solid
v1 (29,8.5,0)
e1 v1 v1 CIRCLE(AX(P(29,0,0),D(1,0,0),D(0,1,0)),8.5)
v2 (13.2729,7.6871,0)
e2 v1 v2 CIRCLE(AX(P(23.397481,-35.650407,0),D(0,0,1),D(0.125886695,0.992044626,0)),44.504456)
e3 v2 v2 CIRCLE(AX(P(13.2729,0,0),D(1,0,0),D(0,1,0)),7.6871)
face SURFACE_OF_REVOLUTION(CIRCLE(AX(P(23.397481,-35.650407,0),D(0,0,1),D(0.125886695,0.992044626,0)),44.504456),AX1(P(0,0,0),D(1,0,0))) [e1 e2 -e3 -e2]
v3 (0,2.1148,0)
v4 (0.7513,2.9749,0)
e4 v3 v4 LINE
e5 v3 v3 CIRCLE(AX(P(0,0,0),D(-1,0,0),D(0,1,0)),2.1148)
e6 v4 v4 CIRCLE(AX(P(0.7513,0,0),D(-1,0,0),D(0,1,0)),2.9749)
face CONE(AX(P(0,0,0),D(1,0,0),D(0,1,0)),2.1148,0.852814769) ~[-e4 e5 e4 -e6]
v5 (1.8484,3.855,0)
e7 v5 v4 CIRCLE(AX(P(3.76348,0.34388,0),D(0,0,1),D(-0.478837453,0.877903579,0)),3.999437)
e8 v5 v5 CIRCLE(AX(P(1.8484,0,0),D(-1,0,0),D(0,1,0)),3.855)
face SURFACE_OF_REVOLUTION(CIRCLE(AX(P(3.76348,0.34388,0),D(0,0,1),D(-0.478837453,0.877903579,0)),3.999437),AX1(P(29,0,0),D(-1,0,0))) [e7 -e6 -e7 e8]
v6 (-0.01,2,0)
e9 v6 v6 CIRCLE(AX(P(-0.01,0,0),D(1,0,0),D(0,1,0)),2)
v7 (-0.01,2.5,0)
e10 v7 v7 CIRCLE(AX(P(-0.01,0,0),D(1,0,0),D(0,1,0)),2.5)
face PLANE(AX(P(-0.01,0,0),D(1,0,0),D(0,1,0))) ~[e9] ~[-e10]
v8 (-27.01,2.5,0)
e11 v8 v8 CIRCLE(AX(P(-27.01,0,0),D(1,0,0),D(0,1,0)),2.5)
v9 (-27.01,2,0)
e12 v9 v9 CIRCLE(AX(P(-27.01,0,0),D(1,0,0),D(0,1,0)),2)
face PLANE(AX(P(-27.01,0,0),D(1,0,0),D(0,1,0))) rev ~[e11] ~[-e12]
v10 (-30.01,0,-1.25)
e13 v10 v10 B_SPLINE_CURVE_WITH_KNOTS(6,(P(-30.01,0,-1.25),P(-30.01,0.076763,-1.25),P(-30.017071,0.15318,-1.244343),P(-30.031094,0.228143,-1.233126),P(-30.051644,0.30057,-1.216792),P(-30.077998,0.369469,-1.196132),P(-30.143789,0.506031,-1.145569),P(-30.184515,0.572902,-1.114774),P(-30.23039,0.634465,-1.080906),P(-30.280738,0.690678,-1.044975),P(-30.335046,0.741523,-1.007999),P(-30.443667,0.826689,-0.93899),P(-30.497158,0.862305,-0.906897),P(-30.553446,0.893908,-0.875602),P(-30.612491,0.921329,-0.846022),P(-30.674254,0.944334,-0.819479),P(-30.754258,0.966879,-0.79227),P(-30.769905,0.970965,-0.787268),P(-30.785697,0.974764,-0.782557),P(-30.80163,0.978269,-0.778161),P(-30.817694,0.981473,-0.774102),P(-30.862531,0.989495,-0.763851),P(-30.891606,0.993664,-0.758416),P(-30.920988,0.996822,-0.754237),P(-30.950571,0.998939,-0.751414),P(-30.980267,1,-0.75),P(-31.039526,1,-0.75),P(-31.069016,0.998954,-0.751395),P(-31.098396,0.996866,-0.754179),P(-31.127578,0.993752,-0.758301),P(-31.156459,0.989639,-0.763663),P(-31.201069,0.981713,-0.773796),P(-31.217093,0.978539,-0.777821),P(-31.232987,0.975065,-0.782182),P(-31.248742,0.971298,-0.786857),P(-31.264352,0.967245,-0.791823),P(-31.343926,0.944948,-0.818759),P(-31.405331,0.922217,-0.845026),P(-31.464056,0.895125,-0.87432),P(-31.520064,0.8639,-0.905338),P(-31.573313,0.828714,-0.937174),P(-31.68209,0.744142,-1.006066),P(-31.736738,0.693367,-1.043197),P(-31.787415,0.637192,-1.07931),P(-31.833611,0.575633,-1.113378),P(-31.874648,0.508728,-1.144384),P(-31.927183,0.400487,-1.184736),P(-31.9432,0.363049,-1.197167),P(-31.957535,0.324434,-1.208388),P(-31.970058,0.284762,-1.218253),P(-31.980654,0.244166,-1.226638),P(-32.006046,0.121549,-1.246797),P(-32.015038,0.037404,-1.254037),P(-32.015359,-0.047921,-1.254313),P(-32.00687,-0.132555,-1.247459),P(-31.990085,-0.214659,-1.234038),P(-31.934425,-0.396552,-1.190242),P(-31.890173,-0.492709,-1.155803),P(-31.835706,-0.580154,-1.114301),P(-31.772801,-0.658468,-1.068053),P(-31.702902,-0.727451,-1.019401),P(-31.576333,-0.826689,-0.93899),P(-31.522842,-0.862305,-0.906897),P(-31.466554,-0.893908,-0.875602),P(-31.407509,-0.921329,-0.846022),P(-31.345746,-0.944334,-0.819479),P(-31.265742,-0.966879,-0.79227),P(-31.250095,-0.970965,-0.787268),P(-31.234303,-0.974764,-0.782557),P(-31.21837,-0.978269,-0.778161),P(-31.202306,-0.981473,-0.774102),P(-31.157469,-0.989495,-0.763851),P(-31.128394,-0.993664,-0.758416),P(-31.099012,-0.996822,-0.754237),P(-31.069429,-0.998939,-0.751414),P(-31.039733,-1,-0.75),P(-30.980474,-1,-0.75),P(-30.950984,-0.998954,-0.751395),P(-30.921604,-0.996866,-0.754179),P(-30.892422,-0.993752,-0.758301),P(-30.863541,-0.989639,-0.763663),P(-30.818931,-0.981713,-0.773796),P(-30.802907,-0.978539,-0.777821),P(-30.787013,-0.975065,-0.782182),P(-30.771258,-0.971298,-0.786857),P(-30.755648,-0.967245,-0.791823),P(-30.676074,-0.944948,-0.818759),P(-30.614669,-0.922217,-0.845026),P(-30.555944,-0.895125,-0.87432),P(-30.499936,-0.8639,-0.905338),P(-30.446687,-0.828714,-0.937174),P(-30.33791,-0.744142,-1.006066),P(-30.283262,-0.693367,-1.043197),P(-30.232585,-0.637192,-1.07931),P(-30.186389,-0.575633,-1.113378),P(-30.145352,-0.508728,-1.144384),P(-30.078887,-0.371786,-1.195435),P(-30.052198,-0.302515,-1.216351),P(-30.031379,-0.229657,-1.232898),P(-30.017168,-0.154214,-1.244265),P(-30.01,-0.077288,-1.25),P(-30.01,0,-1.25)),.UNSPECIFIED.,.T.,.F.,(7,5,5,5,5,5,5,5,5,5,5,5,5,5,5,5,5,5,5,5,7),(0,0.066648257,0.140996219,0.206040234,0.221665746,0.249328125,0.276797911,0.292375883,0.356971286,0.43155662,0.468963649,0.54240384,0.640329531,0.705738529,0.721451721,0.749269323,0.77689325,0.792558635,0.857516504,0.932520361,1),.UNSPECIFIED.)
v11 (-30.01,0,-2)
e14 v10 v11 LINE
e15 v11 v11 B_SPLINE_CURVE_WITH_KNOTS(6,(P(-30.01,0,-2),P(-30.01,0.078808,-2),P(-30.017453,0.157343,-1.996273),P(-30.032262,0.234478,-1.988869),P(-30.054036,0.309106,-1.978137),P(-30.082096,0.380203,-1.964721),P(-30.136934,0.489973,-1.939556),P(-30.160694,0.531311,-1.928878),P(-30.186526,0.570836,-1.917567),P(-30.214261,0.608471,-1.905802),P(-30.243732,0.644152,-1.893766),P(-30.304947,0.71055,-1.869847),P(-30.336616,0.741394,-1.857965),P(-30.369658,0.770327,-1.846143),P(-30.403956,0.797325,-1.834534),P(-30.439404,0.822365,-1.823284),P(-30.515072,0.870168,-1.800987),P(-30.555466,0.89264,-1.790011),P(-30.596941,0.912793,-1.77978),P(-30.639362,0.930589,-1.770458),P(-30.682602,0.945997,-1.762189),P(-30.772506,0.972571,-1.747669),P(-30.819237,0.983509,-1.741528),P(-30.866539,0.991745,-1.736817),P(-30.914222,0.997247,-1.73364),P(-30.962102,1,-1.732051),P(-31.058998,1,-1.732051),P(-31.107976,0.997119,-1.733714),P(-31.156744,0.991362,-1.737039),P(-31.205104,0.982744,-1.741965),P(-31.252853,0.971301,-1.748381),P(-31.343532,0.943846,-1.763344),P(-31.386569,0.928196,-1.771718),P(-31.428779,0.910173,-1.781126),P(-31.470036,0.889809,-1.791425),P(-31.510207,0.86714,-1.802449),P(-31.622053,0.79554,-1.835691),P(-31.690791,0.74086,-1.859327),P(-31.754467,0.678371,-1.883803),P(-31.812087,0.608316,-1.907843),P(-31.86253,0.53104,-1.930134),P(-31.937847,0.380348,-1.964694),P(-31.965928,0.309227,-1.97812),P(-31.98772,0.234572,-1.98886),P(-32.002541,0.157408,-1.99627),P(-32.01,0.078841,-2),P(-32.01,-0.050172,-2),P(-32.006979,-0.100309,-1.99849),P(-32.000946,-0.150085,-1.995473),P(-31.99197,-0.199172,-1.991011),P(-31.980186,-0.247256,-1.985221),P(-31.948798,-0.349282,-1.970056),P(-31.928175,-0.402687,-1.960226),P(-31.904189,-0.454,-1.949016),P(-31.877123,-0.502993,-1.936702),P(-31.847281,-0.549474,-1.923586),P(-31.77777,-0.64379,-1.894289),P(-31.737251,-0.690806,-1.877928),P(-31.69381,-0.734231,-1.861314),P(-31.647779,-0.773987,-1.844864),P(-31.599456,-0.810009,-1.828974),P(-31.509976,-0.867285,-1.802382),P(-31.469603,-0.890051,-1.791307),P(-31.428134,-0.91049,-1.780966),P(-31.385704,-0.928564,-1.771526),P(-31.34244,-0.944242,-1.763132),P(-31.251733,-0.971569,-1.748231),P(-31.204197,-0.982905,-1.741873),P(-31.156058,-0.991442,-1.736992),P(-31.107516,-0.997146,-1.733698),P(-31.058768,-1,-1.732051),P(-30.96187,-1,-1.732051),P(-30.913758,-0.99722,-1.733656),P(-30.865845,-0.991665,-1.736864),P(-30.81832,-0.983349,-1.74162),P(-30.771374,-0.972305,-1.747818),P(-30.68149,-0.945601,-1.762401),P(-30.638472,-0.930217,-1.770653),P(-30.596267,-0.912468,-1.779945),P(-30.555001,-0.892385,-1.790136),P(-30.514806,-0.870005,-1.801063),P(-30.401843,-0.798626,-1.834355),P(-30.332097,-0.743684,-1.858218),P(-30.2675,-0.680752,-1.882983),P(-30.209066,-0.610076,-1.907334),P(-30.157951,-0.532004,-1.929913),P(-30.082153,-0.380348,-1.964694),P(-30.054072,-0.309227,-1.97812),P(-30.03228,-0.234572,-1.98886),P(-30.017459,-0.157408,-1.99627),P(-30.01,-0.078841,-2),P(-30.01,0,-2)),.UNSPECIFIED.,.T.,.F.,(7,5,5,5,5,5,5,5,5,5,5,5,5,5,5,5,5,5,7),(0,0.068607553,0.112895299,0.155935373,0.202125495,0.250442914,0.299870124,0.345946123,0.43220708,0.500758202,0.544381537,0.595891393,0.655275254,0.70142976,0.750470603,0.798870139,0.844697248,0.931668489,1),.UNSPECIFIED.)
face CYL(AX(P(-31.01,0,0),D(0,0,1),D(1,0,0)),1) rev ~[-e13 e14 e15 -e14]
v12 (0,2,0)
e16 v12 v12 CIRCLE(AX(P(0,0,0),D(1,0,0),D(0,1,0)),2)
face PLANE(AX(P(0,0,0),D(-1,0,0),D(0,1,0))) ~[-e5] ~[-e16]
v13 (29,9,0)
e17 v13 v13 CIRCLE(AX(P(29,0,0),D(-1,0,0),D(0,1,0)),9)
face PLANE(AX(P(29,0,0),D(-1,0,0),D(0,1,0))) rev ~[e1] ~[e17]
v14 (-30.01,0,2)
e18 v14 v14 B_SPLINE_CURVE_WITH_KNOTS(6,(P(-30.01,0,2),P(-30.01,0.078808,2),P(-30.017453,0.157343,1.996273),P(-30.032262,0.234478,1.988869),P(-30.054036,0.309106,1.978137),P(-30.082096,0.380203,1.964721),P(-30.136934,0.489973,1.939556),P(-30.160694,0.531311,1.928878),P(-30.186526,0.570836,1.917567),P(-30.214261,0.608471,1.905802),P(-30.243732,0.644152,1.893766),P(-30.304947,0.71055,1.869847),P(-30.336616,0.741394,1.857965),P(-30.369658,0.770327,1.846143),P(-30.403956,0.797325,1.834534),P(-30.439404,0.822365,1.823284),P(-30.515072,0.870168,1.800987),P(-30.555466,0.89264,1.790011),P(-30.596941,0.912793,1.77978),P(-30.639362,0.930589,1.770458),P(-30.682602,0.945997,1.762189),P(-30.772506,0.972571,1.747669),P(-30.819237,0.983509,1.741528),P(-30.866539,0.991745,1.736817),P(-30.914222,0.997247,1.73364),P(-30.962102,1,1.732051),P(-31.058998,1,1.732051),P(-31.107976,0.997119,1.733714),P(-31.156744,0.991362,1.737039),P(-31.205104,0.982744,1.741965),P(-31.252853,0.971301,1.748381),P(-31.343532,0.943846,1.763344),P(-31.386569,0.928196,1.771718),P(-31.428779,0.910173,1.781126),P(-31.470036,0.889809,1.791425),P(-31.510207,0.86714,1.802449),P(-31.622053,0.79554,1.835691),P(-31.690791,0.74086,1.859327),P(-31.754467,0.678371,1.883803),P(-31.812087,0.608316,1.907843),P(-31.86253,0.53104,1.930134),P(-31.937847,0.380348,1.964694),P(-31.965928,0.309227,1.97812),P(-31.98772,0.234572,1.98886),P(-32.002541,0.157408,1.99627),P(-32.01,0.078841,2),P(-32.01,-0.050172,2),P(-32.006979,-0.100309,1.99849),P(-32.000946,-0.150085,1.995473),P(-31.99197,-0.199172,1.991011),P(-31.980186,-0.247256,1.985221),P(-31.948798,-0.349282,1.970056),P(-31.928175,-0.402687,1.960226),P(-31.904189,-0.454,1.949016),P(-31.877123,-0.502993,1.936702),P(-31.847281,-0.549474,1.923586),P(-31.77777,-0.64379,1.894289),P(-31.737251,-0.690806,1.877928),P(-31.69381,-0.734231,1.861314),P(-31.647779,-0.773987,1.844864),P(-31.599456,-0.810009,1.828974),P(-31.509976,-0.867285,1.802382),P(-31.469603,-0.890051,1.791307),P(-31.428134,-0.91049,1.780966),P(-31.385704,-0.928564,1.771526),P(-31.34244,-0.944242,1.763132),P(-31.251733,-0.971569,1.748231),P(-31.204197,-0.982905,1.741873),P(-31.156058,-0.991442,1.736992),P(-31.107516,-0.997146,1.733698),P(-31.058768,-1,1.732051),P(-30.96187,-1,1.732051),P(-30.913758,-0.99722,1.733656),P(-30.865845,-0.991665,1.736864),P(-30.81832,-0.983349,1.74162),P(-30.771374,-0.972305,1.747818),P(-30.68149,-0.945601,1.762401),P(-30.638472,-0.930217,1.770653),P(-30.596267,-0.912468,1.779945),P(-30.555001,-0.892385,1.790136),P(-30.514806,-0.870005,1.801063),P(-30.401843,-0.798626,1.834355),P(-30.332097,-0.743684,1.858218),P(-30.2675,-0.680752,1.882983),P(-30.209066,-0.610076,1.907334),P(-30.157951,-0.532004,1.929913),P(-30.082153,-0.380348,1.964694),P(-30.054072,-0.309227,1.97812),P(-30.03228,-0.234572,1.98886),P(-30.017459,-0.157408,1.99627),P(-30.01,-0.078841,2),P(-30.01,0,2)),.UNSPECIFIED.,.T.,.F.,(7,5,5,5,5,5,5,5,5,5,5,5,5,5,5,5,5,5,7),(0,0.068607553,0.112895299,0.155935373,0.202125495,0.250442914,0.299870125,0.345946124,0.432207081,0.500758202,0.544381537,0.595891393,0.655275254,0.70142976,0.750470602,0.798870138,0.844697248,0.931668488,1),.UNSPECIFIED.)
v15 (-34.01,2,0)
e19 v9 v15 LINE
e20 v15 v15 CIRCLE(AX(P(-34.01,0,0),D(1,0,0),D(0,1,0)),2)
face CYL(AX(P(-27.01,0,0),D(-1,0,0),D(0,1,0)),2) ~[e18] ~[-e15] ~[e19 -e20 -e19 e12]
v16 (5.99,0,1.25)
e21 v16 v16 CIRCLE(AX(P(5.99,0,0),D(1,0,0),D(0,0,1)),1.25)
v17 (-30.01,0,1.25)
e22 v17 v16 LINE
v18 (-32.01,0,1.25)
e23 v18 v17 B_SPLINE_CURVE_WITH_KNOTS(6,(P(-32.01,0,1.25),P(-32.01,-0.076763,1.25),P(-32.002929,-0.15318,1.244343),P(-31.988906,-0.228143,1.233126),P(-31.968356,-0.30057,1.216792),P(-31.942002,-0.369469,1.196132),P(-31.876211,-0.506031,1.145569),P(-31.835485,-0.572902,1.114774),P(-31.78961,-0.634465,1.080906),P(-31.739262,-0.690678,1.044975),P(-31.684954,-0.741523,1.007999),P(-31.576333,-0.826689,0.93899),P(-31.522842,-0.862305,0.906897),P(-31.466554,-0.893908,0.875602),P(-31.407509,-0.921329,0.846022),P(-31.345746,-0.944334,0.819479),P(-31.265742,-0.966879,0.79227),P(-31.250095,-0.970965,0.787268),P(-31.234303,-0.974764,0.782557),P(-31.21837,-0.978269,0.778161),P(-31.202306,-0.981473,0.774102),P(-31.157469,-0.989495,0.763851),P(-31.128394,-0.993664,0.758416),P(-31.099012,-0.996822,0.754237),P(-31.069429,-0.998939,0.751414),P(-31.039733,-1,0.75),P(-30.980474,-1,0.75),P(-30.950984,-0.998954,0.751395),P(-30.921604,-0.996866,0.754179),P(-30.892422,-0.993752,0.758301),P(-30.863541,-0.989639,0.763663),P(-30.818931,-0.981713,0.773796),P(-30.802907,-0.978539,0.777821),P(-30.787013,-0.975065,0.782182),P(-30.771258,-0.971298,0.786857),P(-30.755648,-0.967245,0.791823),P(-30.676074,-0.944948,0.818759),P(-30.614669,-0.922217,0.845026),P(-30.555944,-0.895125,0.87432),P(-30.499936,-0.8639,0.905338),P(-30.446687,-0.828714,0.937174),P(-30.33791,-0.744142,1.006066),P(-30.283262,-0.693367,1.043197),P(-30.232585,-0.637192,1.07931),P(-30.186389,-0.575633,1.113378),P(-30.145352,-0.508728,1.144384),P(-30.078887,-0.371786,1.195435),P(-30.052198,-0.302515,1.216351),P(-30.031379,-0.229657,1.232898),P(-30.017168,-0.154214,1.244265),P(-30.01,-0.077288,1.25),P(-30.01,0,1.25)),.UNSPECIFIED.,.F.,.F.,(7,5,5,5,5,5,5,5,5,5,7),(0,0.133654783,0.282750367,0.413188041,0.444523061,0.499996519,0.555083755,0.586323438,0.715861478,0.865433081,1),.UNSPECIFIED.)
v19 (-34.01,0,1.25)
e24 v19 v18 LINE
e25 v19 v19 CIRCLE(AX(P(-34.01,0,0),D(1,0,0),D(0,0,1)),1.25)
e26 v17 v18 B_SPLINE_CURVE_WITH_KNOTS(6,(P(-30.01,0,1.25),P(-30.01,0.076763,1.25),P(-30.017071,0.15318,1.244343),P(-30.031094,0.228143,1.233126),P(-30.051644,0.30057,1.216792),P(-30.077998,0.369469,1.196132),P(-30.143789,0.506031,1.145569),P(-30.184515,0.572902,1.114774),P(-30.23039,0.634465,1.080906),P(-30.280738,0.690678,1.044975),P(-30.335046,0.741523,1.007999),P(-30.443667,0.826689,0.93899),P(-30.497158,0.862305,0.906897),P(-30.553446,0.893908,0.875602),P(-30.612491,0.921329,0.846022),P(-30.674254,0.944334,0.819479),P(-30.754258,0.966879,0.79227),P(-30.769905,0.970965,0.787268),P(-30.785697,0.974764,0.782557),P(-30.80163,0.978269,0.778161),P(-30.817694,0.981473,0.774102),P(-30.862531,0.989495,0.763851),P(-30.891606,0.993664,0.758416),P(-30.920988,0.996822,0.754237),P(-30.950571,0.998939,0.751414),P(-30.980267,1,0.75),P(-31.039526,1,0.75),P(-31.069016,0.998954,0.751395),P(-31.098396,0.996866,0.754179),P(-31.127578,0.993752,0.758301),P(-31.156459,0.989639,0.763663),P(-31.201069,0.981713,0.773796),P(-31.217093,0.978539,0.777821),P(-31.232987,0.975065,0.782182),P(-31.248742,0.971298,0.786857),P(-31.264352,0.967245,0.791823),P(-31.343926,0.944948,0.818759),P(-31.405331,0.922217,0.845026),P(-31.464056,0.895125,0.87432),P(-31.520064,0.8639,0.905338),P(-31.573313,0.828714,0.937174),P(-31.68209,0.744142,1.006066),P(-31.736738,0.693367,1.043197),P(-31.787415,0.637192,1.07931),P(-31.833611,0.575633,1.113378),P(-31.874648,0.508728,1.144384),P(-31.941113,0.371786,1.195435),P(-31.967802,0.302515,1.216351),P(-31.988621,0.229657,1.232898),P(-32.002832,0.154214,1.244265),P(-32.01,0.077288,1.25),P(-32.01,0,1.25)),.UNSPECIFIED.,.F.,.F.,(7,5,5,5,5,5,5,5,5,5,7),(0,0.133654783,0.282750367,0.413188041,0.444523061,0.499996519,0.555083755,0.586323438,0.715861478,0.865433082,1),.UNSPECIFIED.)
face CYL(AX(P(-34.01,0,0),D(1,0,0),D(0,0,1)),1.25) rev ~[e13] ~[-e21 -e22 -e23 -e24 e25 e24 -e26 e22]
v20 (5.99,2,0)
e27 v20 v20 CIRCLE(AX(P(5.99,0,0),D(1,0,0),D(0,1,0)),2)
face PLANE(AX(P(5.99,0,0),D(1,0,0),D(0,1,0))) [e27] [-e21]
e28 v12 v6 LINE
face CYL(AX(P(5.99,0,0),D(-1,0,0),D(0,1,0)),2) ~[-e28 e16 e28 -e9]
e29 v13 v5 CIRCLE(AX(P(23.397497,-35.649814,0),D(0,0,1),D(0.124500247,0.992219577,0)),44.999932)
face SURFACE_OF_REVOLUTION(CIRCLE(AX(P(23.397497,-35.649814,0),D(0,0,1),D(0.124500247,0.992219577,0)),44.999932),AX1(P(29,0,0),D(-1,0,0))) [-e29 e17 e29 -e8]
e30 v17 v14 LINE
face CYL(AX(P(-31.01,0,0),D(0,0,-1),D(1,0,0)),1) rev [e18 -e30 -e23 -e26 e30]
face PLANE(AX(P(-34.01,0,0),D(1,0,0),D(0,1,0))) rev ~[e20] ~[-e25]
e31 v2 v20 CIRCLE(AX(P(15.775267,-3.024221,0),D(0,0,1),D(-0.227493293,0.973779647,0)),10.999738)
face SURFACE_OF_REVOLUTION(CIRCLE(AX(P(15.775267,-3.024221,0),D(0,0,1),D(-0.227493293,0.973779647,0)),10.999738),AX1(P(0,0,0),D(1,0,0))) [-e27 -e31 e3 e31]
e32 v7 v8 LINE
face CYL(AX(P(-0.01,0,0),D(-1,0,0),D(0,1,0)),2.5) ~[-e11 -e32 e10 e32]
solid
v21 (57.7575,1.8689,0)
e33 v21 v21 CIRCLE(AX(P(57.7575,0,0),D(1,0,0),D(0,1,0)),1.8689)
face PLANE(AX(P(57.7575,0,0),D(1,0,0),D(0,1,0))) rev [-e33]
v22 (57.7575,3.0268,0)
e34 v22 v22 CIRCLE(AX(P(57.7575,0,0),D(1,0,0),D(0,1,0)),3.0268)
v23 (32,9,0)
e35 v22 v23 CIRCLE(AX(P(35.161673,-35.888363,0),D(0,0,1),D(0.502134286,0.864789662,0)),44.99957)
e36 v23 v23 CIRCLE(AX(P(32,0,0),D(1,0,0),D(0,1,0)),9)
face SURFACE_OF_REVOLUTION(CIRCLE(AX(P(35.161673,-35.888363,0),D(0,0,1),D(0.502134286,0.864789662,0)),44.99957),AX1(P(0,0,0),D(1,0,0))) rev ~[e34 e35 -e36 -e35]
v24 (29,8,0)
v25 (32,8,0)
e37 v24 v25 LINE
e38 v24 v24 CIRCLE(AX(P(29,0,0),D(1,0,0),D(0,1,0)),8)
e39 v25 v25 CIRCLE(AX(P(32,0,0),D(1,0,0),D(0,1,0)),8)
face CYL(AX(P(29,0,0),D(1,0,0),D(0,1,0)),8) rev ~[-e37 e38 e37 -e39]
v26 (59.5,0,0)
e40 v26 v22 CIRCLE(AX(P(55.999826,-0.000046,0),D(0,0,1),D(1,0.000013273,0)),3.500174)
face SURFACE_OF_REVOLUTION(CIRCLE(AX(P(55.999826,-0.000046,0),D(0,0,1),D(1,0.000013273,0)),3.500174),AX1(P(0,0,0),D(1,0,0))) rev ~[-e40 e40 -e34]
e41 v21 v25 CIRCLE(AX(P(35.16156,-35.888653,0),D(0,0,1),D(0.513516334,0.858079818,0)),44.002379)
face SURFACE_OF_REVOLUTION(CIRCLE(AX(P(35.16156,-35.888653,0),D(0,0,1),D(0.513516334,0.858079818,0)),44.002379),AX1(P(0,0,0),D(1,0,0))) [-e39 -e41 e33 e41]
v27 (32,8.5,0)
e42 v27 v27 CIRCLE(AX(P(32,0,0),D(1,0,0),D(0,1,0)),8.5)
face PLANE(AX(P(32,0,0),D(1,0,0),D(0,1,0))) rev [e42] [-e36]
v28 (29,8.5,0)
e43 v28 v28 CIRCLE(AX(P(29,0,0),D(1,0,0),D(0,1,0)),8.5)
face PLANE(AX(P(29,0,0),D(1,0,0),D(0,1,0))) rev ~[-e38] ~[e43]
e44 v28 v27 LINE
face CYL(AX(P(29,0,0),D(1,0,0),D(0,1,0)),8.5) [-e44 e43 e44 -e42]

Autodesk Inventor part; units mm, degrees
ref_plane "YZ Plane" through (0, 0, 0) normal (1, 0, 0) x (0, 1, 0)
sketch "Skizze1" plane through (0, 0, 0) normal (0, 0, 1) x (1, 0, 0)
  line L0 (0, 0) -> (0, 2.1148)
  line L1 (0, 2.1148) -> (0.7513, 2.9749)
  arc A0 (29, 9) -> (1.8484, 3.855) centre (23.3975, -35.6499) ccw
  line L2 (29, 9) -> (29, 0)
  line L3 (29, 0) -> (0, 0)
  arc A1 (1.8484, 3.855) -> (0.7513, 2.9749) centre (3.7638, 0.3434) ccw
  point P0 (1.21, 3.5)
  dimension "d0" = 29
  dimension "d1" = 1.21
  dimension "d2" = 7
  dimension "d3" = 4
  dimension "d4" = 45
  dimension "d5" = 18
  dimension "d6" = 0.6868
revolve "Umdrehung1" add sketch "Skizze1" angle 360 about axis through (29, 0, 0) along (-1, 0, 0)
ref_plane "Arbeitsebene1" through (0, 0, 0) normal (0, 0, 1) x (1, 0, 0)
sketch "Skizze8" plane through (0, 0, 0) normal (0, 0, 1) x (1, 0, 0)
  line L0 (0.7513, 2.9749) -> (0, 2.1148) projected
  arc A0 (29, 9) -> (1.8484, 3.855) centre (23.3975, -35.6499) ccw projected
  arc A1 (1.8484, 3.855) -> (0.7513, 2.9749) centre (3.7638, 0.3434) ccw projected
  line L1 (0, 0) -> (39.6054, 0)
  line L2 (0, 2) -> (5.99, 2)
  line L3 (0, 2.1148) -> (0, -2.1148) projected
  line L4 (29, 9) -> (29, -9) projected
  arc A2 (29, 8.5) -> (13.2729, 7.6871) centre (23.3975, -35.6499) ccw
  arc A3 (13.2729, 7.6871) -> (5.99, 2) centre (15.7754, -3.0245) ccw
  point P0 (29, 0)
  dimension "d56" = 5.99
  dimension "d57" = 4
  dimension "d60" = 17
  dimension "d61" = 11
revolve "Umdrehung7" cut sketch "Skizze8" angle 360 about axis through (0, 0, 0) along (1, 0, 0) contours L2 A3 A2 L4 L1 L3
sketch "Skizze9" plane through (0, 0, 0) normal (0, 0, 1) x (1, 0, 0)
  line L0 (5.99, 2) -> (0, 2) projected
  line L1 (5.99, -2) -> (0, -2) projected
  line L2 (5.99, 2) -> (5.99, -2) projected
  line L3 (5.99, 2) -> (-0.01, 2)
  line L4 (-0.01, 2) -> (-0.01, 2.5)
  line L5 (-0.01, 2.5) -> (-27.01, 2.5)
  line L6 (-27.01, 2.5) -> (-27.01, 2)
  line L7 (-27.01, 2) -> (-34.01, 2)
  line L8 (-34.01, 2) -> (-34.01, 0)
  line L9 (-34.01, 0) -> (5.99, 0)
  line L10 (5.99, 2) -> (5.99, 0)
  point P0 (0, 0)
  dimension "d63" = 6
  dimension "d64" = 40
  dimension "d65" = 5
  dimension "d66" = 7
revolve "Umdrehung8" add sketch "Skizze9" angle 360 about axis through (-34.01, 0, 0) along (1, 0, 0)
sketch "Skizze10" plane through (-34.01, 0, 0) normal (-1, 0, 0) x (0, 0, 1)
  circle A0 centre (0, 0) radius 2 projected
  point P0 (0, 0)
hole "Bohrung1" at (-34.01, 0, 0) direction (1, 0, 0) diameter 2.5 depth 50
sketch "Skizze13" plane through (0, 0, 0) normal (0, 0, 1) x (1, 0, 0)
  arc A0 (29, 8.5) -> (13.2729, 7.6871) centre (23.3975, -35.6499) ccw projected
  arc A1 (29, 9) -> (1.8484, 3.855) centre (23.3975, -35.6499) ccw projected
  arc A2 (1.8484, -3.855) -> (29, -9) centre (23.3975, 35.6499) ccw projected
  arc A3 (13.2729, -7.6871) -> (29, -8.5) centre (23.3975, 35.6499) ccw projected
  line L0 (29, 8.5) -> (29, -8.5) projected
  line L1 (29, 8.5) -> (32, 8.5)
  line L2 (32, 8.5) -> (32, 9)
  arc A4 (57.7575, 3.0268) -> (32, 9) centre (35.1615, -35.8888) ccw
  arc A5 (59.5, 0) -> (57.7575, 3.0268) centre (56, 0) ccw
  line L3 (0, 0) -> (68.2278, 0)
  line L4 (29, 8.5) -> (29, 0)
  dimension "d92" = 3.5
  dimension "d93" = 18
  dimension "d94" = 17
  dimension "d95" = 30.5
  dimension "d96" = 45
  dimension "d97" = 3
revolve "Umdrehung10" add sketch "Skizze13" angle 360 about axis through (0, 0, 0) along (1, 0, 0)
sketch "Skizze15" plane through (0, 0, 0) normal (0, 0, 1) x (1, 0, 0)
  arc A0 (57.7575, 3.0268) -> (32, 9) centre (35.1615, -35.8888) ccw projected
  line L0 (29, 8.5) -> (32, 8.5) projected
  arc A1 (32, -9) -> (57.7575, -3.0268) centre (35.1615, 35.8888) ccw projected
  line L1 (29, -8.5) -> (32, -8.5) projected
  line L2 (13.2729, 7.6871) -> (13.2729, -7.6871) projected
  line L3 (29, 8.5) -> (29, -8.5) projected
  arc A2 (57.7575, -3.0268) -> (57.7575, 3.0268) centre (56, 0) ccw projected
  line L4 (29, 9) -> (29, -9) projected
  line L5 (29, 8) -> (32, 8)
  line L6 (0, 0) -> (69.0547, 0)
  line L7 (57.7575, -3.0268) -> (57.7575, 3.0268) projected
  arc A3 (57.7575, 1.8689) -> (32, 8) centre (35.1615, -35.8888) ccw
  arc A4 (58.5654, 0) -> (57.7575, 1.8689) centre (56, 0) ccw
  line L8 (29, 8) -> (29, 0)
  line L9 (29, 0) -> (58.5654, 0)
  point P0 (29, 0)
  point P1 (57.7575, 0)
  dimension "d99" = 16
revolve "Umdrehung11" cut sketch "Skizze15" angle 360 about axis through (0, 0, 0) along (1, 0, 0) contours L5 A3 L7 L6 L3
ref_plane "Arbeitsebene2" through (0, 0, 0) normal (0, 0, 1) x (1, 0, 0)
sketch "Skizze18" plane through (0, 0, 0) normal (0, 0, 1) x (1, 0, 0)
  circle A0 centre (-31.01, 0) radius 1
  line L0 (-34.01, -1.25) -> (-34.01, 1.25) projected
  point P0 (0, 0)
  dimension "d102" = 2
  dimension "d103" = 3
extrude "Extrusion1" cut sketch "Skizze18" along normal through all both and the other way through all
properties part number "steuerkolben" material "Messing, weicher Gelbton"
